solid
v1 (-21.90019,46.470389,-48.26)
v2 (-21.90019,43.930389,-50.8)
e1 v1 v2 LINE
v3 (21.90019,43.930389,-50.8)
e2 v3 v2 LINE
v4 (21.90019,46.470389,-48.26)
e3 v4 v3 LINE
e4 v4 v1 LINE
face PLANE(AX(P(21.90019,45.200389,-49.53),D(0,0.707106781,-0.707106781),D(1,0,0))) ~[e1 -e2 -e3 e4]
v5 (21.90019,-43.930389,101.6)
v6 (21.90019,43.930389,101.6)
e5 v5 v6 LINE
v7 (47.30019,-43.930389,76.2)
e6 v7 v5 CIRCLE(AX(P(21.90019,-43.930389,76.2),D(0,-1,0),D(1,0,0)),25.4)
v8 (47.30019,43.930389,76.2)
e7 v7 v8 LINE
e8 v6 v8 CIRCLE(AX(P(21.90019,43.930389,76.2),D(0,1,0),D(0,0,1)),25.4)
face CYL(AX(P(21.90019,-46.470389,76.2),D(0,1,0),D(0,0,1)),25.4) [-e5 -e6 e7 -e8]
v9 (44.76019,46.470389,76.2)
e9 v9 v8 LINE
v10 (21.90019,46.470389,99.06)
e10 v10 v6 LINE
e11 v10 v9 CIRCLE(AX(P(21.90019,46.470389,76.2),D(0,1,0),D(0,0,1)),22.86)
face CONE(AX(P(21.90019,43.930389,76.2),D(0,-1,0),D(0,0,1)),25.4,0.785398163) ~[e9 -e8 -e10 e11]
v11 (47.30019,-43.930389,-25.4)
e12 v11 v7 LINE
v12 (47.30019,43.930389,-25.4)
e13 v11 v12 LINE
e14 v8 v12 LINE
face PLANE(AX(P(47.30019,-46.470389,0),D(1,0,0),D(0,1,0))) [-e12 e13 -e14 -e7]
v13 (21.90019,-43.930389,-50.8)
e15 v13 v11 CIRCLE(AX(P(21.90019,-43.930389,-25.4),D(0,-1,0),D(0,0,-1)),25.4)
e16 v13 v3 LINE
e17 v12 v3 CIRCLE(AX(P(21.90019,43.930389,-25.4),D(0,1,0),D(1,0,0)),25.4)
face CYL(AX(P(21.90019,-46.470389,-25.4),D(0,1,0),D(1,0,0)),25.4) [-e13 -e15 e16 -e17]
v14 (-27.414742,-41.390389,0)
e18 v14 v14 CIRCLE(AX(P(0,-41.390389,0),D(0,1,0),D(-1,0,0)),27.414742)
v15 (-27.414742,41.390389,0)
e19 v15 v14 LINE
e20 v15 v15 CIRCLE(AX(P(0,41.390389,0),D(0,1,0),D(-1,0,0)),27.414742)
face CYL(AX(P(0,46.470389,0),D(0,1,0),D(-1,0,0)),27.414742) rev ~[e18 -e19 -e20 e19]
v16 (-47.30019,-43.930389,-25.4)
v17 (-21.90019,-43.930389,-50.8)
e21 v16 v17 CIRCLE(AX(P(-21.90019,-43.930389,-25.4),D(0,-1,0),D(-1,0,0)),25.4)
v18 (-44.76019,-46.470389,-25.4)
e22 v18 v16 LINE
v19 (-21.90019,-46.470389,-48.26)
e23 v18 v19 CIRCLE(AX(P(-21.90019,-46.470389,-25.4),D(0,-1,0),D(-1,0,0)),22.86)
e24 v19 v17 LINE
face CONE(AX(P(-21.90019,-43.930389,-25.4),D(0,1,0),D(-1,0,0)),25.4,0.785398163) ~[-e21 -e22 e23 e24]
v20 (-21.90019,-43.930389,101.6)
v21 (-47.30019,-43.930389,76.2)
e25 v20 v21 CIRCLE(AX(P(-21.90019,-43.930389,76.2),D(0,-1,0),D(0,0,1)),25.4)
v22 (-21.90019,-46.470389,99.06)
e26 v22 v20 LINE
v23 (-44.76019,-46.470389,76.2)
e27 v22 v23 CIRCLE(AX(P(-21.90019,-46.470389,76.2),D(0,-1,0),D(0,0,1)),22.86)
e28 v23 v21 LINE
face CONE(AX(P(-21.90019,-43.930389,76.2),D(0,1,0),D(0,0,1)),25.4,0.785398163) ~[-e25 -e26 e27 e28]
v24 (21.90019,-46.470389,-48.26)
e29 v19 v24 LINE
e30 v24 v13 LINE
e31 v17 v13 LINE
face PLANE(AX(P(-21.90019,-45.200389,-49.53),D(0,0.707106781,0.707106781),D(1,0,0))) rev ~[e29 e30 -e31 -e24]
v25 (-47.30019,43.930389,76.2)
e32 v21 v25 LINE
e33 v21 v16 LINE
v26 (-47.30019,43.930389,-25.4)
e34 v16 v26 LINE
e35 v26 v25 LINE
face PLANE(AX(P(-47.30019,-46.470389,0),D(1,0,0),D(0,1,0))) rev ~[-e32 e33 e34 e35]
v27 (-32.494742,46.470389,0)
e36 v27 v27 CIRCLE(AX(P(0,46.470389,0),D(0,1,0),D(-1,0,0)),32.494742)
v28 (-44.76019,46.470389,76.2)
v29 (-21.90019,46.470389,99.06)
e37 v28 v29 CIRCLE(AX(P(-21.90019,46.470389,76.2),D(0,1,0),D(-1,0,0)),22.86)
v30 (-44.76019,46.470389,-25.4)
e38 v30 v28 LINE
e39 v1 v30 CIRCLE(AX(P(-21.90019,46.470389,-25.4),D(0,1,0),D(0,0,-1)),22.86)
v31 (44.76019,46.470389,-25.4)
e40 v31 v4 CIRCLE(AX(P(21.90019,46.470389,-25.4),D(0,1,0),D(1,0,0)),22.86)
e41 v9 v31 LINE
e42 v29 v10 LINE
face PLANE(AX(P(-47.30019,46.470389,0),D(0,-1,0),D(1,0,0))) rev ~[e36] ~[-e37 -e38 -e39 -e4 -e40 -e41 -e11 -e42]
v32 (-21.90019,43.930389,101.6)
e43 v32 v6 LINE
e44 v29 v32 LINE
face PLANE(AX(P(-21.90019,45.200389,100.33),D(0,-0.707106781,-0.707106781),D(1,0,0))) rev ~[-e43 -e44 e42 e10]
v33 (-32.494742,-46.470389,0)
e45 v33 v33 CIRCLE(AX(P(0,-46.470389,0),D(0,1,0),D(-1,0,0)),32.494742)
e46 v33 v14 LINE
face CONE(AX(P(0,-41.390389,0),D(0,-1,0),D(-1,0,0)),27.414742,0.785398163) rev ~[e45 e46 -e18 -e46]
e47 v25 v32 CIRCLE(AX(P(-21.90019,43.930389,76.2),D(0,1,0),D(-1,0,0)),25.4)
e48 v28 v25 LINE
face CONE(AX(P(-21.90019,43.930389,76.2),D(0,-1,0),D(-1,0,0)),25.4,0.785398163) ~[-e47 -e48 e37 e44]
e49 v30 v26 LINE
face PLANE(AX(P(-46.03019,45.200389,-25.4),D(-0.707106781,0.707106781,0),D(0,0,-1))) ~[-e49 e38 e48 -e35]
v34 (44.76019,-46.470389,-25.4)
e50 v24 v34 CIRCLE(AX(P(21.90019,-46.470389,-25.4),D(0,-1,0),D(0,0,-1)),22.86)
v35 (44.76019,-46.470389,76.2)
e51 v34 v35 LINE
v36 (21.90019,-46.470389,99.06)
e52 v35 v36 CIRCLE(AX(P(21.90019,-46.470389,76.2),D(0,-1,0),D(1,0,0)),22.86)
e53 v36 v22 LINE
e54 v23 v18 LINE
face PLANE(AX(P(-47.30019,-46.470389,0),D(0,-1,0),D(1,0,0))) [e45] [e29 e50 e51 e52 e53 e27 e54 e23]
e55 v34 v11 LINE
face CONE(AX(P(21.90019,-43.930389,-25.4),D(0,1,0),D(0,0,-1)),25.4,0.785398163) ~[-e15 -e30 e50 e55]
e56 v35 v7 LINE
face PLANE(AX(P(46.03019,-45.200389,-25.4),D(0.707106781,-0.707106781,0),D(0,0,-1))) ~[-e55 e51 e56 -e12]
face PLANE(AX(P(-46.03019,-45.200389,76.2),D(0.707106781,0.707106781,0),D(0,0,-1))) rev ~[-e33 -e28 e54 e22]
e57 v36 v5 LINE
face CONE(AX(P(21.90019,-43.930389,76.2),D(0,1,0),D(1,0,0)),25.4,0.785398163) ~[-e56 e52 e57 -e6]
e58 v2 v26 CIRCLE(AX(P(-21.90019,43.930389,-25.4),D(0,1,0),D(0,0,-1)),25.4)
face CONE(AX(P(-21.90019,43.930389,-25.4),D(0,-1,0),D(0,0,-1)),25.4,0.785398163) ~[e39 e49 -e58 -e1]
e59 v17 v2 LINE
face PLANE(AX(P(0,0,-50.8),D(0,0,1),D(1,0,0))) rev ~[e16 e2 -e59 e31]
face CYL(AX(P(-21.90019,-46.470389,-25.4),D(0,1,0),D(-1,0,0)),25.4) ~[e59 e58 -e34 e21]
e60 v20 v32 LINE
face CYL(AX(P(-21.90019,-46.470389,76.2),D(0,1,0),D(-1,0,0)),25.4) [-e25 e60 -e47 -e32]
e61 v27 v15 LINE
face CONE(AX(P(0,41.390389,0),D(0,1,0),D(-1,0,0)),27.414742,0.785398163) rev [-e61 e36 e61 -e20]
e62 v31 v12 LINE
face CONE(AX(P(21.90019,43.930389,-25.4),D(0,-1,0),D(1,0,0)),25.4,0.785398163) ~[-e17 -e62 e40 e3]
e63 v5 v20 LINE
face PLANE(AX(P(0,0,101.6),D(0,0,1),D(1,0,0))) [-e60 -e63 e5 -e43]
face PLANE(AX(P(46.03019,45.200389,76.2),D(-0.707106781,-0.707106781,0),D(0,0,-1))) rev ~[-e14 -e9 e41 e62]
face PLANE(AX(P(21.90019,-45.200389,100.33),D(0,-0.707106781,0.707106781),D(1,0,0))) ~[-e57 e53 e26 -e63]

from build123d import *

# Parameters (mm, degrees)
F0_W          = 94.60038
F0_H          = 92.940778
F1_DEPTH      = 101.6
F1_DEPTH_BACK = 50.8
F2_R          = 25.4
F3_SIZE       = 2.54
F4_R          = 27.414742
F5_DEPTH      = 138.78718
F6_SIZE       = 5.08


with BuildPart() as f1:
    # F0 (on Top) → F1 (new body, two sides)
    with BuildSketch(Plane.XY) as f1_sk:
        Rectangle(F0_W, F0_H)
    extrude(amount=F1_DEPTH)
    extrude(f1_sk.sketch, amount=-F1_DEPTH_BACK)

    # F2
    f2_edges = [f1.edges().sort_by_distance(p)[0] for p in [
        (-47.30019, 0, 101.6),
        (47.30019, 0, 101.6),
        (-47.30019, 0, -50.8),
        (47.30019, 0, -50.8),
    ]]
    fillet(f2_edges, radius=F2_R)

    # F3
    f3_edges = [f1.edges().sort_by_distance(p)[0] for p in [
        (47.30019, 46.470389, 25.4),
        (47.30019, -46.470389, 25.4),
    ]]
    chamfer(f3_edges, length=F3_SIZE)

    # F4 (on face) → F5 (cut)
    with BuildSketch(Plane(origin=(0, 46.470389, 0), x_dir=(-1, 0, 0), z_dir=(0, 1, 0))):
        Circle(F4_R)
    extrude(amount=-F5_DEPTH, mode=Mode.SUBTRACT)

    # F6
    f6_edges = [f1.edges().sort_by_distance(p)[0] for p in [
        (27.414742, -46.470389, 0),
        (27.414742, 46.470389, 0),
    ]]
    chamfer(f6_edges, length=F6_SIZE)


solid = f1.part
